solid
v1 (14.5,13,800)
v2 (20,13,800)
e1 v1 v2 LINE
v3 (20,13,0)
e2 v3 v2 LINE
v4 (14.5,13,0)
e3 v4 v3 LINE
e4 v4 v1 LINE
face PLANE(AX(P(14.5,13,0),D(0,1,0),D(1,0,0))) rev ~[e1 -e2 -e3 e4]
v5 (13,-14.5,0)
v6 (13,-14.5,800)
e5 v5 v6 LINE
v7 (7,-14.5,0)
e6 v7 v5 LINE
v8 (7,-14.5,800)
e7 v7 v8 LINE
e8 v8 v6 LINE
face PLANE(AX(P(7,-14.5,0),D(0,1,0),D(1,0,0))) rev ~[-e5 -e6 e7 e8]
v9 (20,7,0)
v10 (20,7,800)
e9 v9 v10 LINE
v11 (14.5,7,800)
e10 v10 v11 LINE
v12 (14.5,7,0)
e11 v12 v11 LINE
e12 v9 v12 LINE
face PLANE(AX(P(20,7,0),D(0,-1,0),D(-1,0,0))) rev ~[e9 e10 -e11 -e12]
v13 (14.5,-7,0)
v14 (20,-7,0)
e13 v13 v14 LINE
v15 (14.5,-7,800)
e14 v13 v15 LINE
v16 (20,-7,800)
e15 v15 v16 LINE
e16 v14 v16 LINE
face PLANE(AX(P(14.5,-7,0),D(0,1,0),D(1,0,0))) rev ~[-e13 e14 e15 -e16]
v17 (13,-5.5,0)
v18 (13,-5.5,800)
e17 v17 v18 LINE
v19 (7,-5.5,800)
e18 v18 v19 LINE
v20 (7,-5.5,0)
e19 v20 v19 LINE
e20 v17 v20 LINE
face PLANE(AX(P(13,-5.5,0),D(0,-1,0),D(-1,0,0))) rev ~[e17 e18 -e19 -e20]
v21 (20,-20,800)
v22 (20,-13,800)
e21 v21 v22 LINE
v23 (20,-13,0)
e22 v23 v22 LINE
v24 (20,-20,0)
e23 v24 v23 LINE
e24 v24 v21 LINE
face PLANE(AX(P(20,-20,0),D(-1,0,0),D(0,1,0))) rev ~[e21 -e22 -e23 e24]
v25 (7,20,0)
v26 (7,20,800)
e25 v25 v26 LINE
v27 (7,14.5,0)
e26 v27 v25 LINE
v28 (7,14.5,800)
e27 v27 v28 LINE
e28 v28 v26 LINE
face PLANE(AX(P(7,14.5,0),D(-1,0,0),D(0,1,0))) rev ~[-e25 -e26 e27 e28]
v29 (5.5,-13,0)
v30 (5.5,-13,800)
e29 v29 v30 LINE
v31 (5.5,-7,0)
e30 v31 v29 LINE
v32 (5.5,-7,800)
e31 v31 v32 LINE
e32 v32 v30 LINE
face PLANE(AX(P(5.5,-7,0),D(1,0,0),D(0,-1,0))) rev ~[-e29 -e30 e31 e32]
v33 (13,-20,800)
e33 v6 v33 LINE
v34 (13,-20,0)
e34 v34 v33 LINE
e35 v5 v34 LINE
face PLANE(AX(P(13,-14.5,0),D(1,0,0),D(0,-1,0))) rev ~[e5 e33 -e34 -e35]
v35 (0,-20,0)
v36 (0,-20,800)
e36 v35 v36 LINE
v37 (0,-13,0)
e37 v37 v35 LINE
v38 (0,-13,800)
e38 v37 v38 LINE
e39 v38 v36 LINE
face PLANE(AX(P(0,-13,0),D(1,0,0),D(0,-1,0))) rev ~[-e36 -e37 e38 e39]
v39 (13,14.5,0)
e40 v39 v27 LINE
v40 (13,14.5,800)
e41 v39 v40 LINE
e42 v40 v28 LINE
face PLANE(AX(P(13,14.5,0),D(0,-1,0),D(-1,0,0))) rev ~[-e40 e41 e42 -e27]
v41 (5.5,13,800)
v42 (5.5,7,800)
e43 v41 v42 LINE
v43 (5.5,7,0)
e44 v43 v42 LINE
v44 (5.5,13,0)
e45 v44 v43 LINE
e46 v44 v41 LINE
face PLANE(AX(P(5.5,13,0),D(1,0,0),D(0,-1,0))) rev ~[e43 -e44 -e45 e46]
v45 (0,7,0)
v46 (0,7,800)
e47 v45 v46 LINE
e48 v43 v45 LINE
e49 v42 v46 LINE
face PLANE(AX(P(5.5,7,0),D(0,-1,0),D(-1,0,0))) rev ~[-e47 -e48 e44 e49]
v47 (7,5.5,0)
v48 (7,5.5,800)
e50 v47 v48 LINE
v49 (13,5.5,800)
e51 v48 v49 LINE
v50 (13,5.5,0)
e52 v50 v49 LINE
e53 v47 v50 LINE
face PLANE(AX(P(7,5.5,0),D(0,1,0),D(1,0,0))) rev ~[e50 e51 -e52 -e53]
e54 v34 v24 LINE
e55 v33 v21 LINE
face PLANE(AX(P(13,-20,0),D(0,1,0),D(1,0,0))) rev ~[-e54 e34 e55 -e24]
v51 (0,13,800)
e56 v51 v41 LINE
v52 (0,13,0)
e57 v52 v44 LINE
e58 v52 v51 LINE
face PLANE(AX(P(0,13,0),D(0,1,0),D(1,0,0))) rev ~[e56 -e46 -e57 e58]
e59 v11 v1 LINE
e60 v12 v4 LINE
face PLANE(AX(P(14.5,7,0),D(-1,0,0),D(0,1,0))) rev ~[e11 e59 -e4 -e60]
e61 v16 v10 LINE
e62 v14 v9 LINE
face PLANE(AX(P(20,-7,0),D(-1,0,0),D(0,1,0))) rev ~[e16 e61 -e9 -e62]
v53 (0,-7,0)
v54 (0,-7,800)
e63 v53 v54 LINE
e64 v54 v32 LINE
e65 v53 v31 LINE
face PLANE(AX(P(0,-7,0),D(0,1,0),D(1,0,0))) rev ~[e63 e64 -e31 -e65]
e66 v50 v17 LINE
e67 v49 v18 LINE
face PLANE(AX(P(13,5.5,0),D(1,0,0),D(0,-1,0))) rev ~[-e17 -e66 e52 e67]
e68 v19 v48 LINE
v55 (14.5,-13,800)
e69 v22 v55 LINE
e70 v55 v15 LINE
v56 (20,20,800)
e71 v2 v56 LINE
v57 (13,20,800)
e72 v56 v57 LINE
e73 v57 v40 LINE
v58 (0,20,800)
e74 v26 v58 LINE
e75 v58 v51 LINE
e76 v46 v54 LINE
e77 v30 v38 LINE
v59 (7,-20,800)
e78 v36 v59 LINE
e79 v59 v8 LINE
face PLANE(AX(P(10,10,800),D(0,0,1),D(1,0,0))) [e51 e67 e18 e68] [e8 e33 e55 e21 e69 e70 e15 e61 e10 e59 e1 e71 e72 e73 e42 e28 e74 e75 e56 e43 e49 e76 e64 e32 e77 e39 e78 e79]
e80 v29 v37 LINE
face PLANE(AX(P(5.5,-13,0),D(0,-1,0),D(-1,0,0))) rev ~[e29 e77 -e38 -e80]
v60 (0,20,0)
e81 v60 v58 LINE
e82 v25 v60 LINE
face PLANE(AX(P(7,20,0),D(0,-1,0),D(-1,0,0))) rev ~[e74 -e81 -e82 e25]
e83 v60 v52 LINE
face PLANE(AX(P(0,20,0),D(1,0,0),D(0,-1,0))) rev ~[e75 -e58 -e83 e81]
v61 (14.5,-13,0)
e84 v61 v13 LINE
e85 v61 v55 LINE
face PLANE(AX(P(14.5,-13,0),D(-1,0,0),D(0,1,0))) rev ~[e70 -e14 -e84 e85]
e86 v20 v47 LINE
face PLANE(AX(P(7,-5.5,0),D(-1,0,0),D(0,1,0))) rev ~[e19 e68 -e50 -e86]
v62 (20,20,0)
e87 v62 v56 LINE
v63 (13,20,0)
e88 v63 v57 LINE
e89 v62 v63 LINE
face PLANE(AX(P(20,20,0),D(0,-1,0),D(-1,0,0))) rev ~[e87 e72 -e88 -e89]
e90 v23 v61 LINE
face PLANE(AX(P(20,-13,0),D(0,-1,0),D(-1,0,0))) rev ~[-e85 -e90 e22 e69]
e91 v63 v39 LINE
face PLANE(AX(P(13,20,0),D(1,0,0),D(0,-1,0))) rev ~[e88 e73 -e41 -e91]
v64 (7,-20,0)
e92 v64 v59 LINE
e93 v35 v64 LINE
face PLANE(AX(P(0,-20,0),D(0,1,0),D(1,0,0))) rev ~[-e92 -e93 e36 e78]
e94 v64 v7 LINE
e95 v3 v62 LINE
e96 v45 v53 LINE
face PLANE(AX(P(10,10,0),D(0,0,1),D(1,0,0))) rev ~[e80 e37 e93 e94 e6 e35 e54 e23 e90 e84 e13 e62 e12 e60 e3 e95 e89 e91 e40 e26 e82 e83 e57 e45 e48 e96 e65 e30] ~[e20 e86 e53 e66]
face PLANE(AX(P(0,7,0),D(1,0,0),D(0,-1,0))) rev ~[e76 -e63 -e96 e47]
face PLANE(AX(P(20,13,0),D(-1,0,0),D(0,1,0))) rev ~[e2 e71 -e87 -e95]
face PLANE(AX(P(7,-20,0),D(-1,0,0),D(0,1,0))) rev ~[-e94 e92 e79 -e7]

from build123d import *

# Parameters (mm, degrees)
F1_DEPTH = 800


with BuildPart() as f1:
    # F0 (on Top) → F1 (new body)
    with BuildSketch(Plane.XY):
        Polygon((0, 7), (0, 0), (7, 0), (7, 5.5), (13, 5.5), (13, 0), (20, 0), (20, 7), (14.5, 7), (14.5, 13), (20, 13), (20, 20), (13, 20), (13, 14.5), (7, 14.5), (7, 20), (0, 20), (0, 13), (5.5, 13), (5.5, 7), align=None)
        Polygon((7, 0), (0, 0), (0, -7), (5.5, -7), (5.5, -13), (0, -13), (0, -20), (7, -20), (7, -14.5), (13, -14.5), (13, -20), (20, -20), (20, -13), (14.5, -13), (14.5, -7), (20, -7), (20, 0), (13, 0), (13, -5.5), (7, -5.5), align=None)
    extrude(amount=F1_DEPTH)


solid = f1.part
